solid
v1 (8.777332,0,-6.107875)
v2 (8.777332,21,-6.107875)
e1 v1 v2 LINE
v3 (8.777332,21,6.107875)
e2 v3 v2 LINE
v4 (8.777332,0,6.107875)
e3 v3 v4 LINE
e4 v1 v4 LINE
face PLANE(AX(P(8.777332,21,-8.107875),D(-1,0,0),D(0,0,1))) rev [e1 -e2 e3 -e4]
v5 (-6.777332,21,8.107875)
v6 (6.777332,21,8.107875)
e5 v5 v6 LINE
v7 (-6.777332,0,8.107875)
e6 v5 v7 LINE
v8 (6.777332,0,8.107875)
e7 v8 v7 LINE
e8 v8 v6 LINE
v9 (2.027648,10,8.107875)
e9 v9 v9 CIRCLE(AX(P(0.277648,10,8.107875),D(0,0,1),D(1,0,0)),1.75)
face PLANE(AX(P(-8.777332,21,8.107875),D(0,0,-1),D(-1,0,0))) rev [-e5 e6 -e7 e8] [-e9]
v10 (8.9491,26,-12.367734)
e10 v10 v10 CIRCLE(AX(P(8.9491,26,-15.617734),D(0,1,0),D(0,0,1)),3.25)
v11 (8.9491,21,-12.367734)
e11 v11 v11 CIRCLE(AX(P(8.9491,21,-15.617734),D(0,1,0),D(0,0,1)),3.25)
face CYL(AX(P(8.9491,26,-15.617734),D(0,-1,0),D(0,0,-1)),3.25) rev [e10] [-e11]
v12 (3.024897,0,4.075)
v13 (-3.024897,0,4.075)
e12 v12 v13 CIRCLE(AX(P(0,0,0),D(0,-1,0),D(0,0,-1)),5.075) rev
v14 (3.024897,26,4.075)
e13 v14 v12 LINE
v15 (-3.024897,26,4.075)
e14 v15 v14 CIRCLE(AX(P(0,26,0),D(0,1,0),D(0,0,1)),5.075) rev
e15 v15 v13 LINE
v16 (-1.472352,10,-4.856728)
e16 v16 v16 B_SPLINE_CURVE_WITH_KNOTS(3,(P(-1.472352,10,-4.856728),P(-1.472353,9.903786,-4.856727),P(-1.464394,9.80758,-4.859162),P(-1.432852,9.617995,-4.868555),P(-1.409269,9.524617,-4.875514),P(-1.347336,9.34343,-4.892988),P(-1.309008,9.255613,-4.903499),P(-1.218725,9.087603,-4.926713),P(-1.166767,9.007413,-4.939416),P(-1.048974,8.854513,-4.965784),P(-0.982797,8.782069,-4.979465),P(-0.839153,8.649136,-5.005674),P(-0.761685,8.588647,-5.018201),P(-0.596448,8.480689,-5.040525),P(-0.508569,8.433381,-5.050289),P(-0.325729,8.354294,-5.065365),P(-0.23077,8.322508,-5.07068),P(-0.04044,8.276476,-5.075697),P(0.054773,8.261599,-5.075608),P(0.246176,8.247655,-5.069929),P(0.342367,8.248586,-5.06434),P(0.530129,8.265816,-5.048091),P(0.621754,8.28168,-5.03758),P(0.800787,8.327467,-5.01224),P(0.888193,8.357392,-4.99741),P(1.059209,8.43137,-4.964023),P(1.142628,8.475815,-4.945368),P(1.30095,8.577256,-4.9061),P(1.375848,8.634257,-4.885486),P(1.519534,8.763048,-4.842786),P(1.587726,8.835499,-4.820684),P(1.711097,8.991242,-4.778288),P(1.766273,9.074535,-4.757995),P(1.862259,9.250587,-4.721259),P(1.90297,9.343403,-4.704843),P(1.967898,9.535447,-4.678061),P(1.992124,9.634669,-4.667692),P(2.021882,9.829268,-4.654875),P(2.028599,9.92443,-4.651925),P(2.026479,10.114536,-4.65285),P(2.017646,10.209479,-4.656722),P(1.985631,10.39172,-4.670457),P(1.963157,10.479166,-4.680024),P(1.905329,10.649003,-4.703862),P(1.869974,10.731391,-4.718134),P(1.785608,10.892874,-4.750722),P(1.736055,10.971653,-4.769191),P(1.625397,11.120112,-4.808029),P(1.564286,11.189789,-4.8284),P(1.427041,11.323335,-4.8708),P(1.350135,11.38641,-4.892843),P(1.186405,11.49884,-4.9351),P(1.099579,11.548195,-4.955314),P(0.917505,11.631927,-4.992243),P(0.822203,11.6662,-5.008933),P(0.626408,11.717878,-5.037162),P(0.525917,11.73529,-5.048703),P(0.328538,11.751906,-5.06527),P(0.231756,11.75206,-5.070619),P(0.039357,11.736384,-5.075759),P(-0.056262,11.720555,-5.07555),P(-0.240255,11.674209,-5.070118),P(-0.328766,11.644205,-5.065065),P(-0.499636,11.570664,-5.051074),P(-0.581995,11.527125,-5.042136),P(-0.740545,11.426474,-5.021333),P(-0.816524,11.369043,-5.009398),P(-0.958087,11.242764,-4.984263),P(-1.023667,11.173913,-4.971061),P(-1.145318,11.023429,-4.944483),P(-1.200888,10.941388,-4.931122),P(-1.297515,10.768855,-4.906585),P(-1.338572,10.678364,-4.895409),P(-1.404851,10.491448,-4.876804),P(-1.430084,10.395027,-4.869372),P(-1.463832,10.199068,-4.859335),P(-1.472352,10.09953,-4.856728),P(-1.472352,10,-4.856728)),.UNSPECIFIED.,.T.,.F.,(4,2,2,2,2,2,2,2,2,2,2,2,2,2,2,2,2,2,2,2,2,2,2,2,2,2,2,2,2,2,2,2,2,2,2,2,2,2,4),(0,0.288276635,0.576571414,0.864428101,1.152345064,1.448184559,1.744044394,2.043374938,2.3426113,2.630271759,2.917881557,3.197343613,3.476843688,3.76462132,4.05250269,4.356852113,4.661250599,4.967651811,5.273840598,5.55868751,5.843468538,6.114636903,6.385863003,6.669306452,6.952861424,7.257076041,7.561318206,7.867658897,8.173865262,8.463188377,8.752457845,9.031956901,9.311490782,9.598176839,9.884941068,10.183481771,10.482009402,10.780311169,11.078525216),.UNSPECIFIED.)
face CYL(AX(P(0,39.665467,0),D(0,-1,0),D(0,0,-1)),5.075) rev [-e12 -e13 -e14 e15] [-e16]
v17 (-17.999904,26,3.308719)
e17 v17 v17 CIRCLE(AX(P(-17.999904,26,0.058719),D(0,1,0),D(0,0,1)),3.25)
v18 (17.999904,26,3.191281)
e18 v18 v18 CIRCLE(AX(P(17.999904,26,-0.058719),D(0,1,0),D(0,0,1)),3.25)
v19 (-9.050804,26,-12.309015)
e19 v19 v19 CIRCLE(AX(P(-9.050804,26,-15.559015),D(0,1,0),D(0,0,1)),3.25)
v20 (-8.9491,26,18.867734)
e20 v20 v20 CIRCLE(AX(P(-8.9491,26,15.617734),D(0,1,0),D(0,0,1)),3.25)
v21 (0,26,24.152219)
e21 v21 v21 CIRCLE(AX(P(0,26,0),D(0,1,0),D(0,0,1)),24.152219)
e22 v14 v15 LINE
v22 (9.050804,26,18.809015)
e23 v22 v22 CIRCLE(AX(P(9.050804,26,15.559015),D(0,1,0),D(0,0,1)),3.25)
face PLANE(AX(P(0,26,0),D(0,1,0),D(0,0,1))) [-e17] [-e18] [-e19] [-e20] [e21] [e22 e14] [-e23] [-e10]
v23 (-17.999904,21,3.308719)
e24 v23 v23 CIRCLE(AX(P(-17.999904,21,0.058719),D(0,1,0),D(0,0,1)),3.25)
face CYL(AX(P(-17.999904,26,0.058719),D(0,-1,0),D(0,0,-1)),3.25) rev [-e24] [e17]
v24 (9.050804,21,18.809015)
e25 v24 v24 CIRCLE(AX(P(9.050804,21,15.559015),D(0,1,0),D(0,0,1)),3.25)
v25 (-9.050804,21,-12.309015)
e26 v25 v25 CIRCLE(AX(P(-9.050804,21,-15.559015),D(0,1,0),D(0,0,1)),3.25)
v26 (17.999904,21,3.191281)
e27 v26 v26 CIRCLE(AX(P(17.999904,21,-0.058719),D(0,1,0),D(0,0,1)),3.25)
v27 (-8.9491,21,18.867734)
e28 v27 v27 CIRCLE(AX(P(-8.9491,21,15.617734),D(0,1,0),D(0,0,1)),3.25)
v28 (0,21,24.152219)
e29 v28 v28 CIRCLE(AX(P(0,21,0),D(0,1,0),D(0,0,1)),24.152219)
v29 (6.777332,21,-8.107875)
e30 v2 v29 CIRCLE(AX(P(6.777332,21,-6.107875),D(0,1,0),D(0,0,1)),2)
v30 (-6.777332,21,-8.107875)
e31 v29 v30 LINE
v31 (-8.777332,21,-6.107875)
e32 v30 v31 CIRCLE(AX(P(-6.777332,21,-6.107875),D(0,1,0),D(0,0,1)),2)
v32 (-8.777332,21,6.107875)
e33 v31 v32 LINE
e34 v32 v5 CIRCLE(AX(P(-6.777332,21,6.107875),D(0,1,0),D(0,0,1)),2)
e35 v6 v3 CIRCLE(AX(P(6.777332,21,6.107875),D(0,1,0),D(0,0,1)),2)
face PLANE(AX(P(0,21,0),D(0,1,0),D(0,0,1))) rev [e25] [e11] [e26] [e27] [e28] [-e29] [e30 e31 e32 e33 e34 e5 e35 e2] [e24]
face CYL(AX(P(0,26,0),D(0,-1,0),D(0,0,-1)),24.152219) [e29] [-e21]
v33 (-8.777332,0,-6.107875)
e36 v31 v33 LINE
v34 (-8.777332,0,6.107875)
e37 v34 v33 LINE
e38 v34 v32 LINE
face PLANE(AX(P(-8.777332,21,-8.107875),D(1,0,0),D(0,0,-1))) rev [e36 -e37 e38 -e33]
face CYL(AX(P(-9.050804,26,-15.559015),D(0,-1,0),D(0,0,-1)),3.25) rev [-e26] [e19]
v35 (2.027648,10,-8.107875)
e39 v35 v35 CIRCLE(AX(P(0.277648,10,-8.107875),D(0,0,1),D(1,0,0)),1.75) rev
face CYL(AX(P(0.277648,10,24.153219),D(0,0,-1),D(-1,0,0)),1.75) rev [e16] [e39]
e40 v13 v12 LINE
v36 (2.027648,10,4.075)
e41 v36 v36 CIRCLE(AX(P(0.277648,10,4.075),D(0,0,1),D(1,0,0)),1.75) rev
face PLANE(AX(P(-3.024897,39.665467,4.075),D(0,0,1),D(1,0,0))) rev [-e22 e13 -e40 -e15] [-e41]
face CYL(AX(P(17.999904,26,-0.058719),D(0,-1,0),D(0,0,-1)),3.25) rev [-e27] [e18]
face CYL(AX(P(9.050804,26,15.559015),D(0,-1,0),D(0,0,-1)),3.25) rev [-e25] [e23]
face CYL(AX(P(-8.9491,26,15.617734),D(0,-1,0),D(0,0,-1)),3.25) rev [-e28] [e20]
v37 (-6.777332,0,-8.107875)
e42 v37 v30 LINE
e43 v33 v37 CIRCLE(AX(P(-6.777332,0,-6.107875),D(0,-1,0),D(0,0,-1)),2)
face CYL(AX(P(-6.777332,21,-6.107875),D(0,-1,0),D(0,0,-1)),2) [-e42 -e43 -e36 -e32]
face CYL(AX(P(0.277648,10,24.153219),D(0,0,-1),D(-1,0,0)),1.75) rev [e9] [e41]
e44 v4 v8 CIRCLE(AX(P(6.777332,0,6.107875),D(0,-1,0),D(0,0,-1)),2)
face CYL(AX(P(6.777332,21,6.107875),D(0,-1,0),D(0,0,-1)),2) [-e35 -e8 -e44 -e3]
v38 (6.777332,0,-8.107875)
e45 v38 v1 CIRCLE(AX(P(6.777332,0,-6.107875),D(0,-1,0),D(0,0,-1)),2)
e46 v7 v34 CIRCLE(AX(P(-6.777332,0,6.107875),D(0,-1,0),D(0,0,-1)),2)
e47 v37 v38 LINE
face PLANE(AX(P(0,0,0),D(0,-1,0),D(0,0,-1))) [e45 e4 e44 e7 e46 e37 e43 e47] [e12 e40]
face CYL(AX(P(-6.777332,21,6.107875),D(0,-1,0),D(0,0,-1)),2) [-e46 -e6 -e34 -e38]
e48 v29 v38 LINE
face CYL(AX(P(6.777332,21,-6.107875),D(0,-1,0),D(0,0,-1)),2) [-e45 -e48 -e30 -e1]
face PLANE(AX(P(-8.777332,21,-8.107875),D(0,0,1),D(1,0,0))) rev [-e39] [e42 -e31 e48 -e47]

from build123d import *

# Parameters (mm, degrees)
SKETCH_1_W                      = 30
SKETCH_1_H                      = 30
SKETCH_1_W_2                    = 21.5
SKETCH_1_H_2                    = 21.5
EXTRUDE_1_DEPTH                 = 5
SKETCH_2_W                      = 30
SKETCH_2_H                      = 30
EXTRUDE_2_DEPTH                 = 5
SKETCH_4_W                      = 17.554664
SKETCH_4_H                      = 16.21575
EXTRUDE_3_DEPTH                 = 11
SKETCH_5_R                      = 24.152219
SKETCH_5_R_2                    = 3.25
EXTRUDE_4_DEPTH                 = 5
CUT_EXTRUDE_2_DEPTH             = 21
FILLET_1_R                      = 2
SKETCH_10_W                     = 21.5
SKETCH_10_H                     = 21.5
EXTRUDE_5_DEPTH                 = 5
CUT_EXTRUDE_3_REACH             = 49.959
SKETCH_11_R                     = 1.75
CUT_EXTRUDE_3_DIRECTION_2_REACH = 49.959
SKETCH_12_R                     = 24.152219
CUT_EXTRUDE_4_DEPTH             = 21
CUT_EXTRUDE_5_REACH             = 42.096


with BuildPart() as part:
    # 草图1 → 凸台-拉伸1 (new body)
    with BuildSketch(Plane(origin=(0, 0, 0), x_dir=(1, 0, 0), z_dir=(0, 1, 0))):
        Rectangle(SKETCH_1_W, SKETCH_1_H)
        Rectangle(SKETCH_1_W_2, SKETCH_1_H_2, mode=Mode.SUBTRACT)
    extrude(amount=EXTRUDE_1_DEPTH)

    # 草图2 → 凸台-拉伸2 (add)
    with BuildSketch(Plane(origin=(0, 5, 0), x_dir=(1, 0, 0), z_dir=(0, 1, 0))):
        Rectangle(SKETCH_2_W, SKETCH_2_H)
    extrude(amount=EXTRUDE_2_DEPTH)

    # 草图4 → 凸台-拉伸3 (add)
    with BuildSketch(Plane(origin=(0, 10, 0), x_dir=(1, 0, 0), z_dir=(0, 1, 0))):
        Rectangle(SKETCH_4_W, SKETCH_4_H)
    extrude(amount=EXTRUDE_3_DEPTH)

    # 草图5 → 凸台-拉伸4 (add)
    with BuildSketch(Plane(origin=(0, 21, 0), x_dir=(1, 0, 0), z_dir=(0, 1, 0))):
        with Locations(Location((0, 0, 0), (0, 0, 270))):
            Circle(SKETCH_5_R)
        with Locations(Location((8.9491, 15.617734, 0), (0, 0, 270))):
            Circle(SKETCH_5_R_2, mode=Mode.SUBTRACT)
        with Locations(Location((17.999904, 0.058719, 0), (0, 0, 270))):
            Circle(SKETCH_5_R_2, mode=Mode.SUBTRACT)
        with Locations(Location((9.050804, -15.559015, 0), (0, 0, 270))):
            Circle(SKETCH_5_R_2, mode=Mode.SUBTRACT)
        with Locations(Location((-8.9491, -15.617734, 0), (0, 0, 270))):
            Circle(SKETCH_5_R_2, mode=Mode.SUBTRACT)
        with Locations(Location((-17.999904, -0.058719, 0), (0, 0, 270))):
            Circle(SKETCH_5_R_2, mode=Mode.SUBTRACT)
        with Locations(Location((-9.050804, 15.559015, 0), (0, 0, 270))):
            Circle(SKETCH_5_R_2, mode=Mode.SUBTRACT)
    extrude(amount=EXTRUDE_4_DEPTH)

    # 草图6 → 切除-拉伸2 (cut)
    with BuildSketch(Plane.XZ.offset(-5)):
        with BuildLine():
            Line((-3.024897, 4.075), (3.024897, 4.075))
            ThreePointArc((3.024897, 4.075), (0, -5.075), (-3.024897, 4.075))
        make_face()
    extrude(amount=-CUT_EXTRUDE_2_DEPTH, mode=Mode.SUBTRACT)

    # 圆角1
    fillet_1_edges = [part.edges().sort_by_distance(p)[0] for p in [
        (-8.777332, 15.5, -8.107875),
        (-8.777332, 15.5, 8.107875),
        (8.777332, 15.5, 8.107875),
        (8.777332, 15.5, -8.107875),
        (15, 5, 15),
        (-15, 5, 15),
        (-15, 5, -15),
        (15, 5, -15),
    ]]
    fillet(fillet_1_edges, radius=FILLET_1_R)

    # 草图10 → 凸台-拉伸5 (add)
    with BuildSketch(Plane.XZ.offset(-5)):
        Rectangle(SKETCH_10_W, SKETCH_10_H)
    extrude(amount=EXTRUDE_5_DEPTH)

    # 切除-拉伸3: up to this face of the body (flat: up to its plane)
    cut_extrude_3_end = Plane(part.part.faces().sort_by_distance((0, 5, -15))[0])
    # 草图11 → 切除-拉伸3 (cut, up to the picked face)
    with BuildSketch(Plane.XY.offset(8.107875), mode=Mode.PRIVATE) as cut_extrude_3_sk1:
        with Locations(Location((0.277648, 10, 0), (0, 0, 180))):
            Circle(SKETCH_11_R)
    cut_extrude_3_tool1 = split(extrude(cut_extrude_3_sk1.sketch, amount=-CUT_EXTRUDE_3_REACH, mode=Mode.PRIVATE), bisect_by=cut_extrude_3_end, keep=Keep.BOTH, mode=Mode.PRIVATE)
    add(cut_extrude_3_tool1.solids().sort_by(Axis((0.277648, 10, 8.107875), (0, 0, -1)))[0], mode=Mode.SUBTRACT)

    # 草图11 → 切除-拉伸3 direction 2 (cut, up to next)
    with BuildSketch(Plane.XY.offset(8.107875), mode=Mode.PRIVATE) as cut_extrude_3_direction_2_sk1:
        with Locations(Location((0.277648, 10, 0), (0, 0, 180))):
            Circle(SKETCH_11_R)
    cut_extrude_3_direction_2_tool1 = extrude(cut_extrude_3_direction_2_sk1.sketch, amount=CUT_EXTRUDE_3_DIRECTION_2_REACH, mode=Mode.PRIVATE) & part.part
    add(cut_extrude_3_direction_2_tool1.solids().sort_by_distance((0.277648, 10, 8.107875))[0], mode=Mode.SUBTRACT)

    # 草图12 → 切除-拉伸4 (cut)
    with BuildSketch(Plane.XZ.offset(-21)):
        with Locations(Location((0, 0, 0), (0, 0, 90))):
            Circle(SKETCH_12_R)
        with BuildLine():
            Line((-8.777332, -6.107875), (-8.777332, 6.107875))
            ThreePointArc((-8.777332, 6.107875), (-8.191546, 7.522088), (-6.777332, 8.107875))
            Line((-6.777332, 8.107875), (6.777332, 8.107875))
            ThreePointArc((6.777332, 8.107875), (8.191546, 7.522088), (8.777332, 6.107875))
            Line((8.777332, 6.107875), (8.777332, -6.107875))
            ThreePointArc((8.777332, -6.107875), (8.191546, -7.522088), (6.777332, -8.107875))
            Line((6.777332, -8.107875), (-6.777332, -8.107875))
            ThreePointArc((-6.777332, -8.107875), (-8.191546, -7.522088), (-8.777332, -6.107875))
        make_face(mode=Mode.SUBTRACT)
    extrude(amount=CUT_EXTRUDE_4_DEPTH, mode=Mode.SUBTRACT)

    # 草图13 → 切除-拉伸5 (cut, up to next)
    with BuildSketch(Plane(origin=(0, 5, 0), x_dir=(1, 0, 0), z_dir=(0, 1, 0)), mode=Mode.PRIVATE) as cut_extrude_5_sk1:
        with BuildLine():
            Line((-3.024897, -4.075), (3.024897, -4.075))
            ThreePointArc((3.024897, -4.075), (0, 5.075), (-3.024897, -4.075))
        make_face()
    cut_extrude_5_tool1 = extrude(cut_extrude_5_sk1.sketch, amount=-CUT_EXTRUDE_5_REACH, mode=Mode.PRIVATE) & part.part
    add(cut_extrude_5_tool1.solids().sort_by_distance((0, 5, -0.240279))[0], mode=Mode.SUBTRACT)


solid = part.part
